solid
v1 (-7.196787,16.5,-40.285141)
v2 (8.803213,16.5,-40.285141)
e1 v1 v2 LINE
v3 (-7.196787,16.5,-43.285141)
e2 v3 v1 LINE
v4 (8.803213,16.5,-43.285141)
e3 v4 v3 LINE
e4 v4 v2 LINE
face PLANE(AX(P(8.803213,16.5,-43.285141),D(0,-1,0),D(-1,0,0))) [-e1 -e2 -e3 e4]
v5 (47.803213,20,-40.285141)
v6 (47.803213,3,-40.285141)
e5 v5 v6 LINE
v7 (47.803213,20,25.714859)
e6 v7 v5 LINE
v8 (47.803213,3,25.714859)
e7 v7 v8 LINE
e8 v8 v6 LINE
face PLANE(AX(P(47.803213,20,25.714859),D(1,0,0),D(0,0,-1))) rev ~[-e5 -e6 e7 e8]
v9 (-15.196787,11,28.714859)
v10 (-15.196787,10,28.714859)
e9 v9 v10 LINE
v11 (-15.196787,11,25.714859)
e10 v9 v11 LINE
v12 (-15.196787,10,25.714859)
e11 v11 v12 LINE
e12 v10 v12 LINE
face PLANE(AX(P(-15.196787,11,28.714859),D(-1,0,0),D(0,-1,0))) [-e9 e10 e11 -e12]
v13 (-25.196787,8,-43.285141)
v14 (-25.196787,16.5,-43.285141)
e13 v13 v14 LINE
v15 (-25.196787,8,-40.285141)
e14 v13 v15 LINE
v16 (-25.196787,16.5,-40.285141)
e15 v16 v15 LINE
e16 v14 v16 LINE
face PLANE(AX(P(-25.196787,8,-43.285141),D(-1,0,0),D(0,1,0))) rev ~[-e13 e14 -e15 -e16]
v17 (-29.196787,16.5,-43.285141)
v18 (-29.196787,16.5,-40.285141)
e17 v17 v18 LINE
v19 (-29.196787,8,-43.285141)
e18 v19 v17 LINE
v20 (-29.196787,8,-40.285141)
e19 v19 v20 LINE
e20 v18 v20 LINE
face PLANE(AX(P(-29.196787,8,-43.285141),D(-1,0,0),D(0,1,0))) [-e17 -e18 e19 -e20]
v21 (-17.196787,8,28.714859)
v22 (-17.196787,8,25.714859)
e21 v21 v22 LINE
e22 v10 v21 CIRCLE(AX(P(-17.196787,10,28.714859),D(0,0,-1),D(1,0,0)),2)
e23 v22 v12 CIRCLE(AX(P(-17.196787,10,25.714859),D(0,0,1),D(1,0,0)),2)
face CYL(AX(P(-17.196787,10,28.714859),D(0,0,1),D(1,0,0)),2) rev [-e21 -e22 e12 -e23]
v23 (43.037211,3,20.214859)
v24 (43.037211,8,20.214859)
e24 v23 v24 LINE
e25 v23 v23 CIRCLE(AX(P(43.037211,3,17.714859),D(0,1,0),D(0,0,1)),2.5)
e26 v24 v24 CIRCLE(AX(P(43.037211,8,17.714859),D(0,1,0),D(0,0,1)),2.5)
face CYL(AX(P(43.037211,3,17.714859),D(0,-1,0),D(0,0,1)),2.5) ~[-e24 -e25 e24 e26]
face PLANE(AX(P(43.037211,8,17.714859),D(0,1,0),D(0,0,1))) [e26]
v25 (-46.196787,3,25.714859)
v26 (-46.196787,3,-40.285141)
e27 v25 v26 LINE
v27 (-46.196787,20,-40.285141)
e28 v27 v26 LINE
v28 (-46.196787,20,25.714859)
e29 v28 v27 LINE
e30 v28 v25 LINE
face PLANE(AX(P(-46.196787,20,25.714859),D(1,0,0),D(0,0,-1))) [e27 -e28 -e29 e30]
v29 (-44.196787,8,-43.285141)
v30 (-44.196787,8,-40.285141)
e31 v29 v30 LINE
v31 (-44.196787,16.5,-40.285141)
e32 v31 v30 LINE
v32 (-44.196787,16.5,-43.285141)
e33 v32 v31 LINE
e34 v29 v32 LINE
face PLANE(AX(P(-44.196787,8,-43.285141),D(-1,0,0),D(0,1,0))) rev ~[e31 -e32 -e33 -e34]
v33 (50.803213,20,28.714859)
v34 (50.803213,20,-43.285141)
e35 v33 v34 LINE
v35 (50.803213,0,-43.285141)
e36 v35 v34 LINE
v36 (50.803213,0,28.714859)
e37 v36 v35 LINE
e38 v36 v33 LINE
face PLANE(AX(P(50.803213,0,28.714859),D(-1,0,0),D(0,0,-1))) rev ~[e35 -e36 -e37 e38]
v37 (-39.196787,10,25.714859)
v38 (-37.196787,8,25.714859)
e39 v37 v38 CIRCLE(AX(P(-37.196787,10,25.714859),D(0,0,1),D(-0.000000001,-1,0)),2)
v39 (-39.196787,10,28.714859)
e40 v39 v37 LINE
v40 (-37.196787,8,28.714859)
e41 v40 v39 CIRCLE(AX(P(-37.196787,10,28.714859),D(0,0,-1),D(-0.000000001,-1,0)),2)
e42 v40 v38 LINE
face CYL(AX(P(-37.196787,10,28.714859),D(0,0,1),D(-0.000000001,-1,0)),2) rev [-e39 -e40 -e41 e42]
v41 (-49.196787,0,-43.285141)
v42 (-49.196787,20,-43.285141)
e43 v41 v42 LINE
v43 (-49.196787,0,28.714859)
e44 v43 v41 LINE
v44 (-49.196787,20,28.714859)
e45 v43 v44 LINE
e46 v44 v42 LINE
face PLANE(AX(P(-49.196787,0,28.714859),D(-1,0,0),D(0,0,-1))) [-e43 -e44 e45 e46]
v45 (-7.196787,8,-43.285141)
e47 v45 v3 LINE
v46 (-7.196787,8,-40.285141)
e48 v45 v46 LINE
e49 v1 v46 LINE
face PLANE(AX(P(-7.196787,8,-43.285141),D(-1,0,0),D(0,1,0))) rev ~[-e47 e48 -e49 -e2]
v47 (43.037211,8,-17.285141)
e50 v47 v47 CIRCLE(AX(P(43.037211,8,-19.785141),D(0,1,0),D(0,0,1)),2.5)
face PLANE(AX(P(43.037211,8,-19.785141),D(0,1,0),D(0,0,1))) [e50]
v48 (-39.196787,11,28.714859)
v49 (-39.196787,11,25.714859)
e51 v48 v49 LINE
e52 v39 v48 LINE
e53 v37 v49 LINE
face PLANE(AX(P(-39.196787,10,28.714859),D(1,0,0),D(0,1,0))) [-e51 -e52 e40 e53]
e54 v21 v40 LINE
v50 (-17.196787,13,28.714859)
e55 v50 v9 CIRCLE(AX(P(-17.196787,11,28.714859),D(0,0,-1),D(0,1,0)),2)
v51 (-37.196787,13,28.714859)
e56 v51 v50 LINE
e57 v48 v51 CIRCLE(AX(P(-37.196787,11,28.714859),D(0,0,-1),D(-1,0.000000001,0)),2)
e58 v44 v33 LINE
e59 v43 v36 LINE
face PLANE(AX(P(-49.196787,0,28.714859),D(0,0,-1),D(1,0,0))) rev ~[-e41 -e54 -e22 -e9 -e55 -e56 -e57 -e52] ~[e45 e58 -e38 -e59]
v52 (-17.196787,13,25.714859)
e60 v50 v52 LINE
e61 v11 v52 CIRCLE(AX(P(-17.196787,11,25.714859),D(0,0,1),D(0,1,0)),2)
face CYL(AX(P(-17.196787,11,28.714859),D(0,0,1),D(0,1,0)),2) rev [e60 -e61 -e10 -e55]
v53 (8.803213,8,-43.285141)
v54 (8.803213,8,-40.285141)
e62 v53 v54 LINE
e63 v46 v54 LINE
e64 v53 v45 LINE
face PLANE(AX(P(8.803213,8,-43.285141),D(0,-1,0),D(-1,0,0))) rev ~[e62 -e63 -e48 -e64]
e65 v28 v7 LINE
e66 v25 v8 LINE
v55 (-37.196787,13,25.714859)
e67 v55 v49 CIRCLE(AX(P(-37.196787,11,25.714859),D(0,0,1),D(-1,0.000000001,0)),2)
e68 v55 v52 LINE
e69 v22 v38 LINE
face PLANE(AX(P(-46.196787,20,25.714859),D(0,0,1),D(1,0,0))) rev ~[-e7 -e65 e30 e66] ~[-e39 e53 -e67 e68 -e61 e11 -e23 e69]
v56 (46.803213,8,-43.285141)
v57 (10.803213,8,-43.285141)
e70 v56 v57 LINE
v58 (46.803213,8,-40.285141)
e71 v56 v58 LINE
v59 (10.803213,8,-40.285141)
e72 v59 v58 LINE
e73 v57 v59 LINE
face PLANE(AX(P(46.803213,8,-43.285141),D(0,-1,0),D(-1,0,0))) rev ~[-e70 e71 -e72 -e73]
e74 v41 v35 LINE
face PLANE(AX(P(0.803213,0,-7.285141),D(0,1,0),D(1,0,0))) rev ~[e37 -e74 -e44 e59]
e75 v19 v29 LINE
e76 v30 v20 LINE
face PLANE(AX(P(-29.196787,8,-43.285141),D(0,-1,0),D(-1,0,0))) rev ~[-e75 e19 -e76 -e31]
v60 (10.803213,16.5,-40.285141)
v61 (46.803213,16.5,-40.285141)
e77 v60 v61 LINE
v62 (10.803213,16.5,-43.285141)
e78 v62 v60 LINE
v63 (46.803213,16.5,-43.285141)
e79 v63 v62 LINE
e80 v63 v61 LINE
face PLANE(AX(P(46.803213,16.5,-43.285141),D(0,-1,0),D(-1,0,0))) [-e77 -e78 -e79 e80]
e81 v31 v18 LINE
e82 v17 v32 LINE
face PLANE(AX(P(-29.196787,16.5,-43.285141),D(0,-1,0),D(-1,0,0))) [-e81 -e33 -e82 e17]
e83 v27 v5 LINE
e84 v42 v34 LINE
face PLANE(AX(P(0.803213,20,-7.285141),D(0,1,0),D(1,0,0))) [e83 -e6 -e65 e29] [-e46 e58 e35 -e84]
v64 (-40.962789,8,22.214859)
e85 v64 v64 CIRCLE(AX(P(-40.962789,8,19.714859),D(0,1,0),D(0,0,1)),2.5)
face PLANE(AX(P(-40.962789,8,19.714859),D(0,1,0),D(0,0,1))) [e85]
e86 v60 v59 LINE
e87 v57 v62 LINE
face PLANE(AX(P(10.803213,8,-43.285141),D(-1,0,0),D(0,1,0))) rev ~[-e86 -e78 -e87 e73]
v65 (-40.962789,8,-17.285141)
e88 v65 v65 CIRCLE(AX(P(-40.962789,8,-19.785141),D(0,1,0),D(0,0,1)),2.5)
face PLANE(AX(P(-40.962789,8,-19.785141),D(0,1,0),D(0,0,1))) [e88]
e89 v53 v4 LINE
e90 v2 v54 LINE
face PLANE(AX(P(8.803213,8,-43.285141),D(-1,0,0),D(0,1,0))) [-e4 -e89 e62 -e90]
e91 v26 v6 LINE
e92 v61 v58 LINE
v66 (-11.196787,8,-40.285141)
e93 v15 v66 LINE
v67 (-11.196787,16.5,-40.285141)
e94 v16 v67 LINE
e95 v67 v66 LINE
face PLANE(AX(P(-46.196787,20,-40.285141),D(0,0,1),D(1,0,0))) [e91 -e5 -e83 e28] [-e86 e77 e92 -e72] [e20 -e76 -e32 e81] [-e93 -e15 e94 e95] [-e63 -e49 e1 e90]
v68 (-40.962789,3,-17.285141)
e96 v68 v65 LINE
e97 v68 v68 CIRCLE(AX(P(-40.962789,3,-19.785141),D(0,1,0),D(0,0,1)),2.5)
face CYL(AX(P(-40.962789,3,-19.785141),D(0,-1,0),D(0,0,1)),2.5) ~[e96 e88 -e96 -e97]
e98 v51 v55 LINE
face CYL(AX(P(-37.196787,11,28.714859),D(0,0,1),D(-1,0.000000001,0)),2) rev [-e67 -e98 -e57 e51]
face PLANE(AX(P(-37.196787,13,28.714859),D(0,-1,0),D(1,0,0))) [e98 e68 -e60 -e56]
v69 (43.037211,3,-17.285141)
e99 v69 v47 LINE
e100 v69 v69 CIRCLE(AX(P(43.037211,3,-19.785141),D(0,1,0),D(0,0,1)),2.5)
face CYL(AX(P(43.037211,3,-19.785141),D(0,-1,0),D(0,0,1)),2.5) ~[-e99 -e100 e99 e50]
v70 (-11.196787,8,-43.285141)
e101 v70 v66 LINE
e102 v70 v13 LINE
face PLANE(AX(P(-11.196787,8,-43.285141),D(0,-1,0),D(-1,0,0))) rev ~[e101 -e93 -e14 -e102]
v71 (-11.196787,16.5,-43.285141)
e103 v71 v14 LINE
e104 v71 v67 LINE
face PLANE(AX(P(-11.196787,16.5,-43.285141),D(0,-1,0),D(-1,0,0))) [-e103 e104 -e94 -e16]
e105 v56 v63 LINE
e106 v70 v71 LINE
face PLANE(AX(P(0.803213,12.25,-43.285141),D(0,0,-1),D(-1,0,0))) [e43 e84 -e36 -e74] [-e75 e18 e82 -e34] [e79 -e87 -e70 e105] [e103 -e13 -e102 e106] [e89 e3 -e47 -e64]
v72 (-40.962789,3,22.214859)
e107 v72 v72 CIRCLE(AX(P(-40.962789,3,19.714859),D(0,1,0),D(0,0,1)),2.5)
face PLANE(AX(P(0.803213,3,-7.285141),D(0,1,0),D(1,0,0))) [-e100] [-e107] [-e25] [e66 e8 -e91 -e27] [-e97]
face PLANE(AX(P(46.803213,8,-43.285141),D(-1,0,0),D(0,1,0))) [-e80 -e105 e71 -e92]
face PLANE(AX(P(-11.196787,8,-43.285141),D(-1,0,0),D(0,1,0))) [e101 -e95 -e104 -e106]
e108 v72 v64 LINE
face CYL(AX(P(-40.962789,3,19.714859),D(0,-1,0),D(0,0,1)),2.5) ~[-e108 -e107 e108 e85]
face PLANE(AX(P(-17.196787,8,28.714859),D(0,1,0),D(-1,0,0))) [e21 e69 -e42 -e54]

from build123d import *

# Parameters (mm, degrees)
SKETCH1_W           = 100
SKETCH1_H           = 72
BOSS_EXTRUDE1_DEPTH = 20
SKETCH2_W           = 94
SKETCH2_H           = 66
CUT_EXTRUDE1_DEPTH  = 17
SKETCH3_R           = 2.5
BOSS_EXTRUDE2_DEPTH = 5
SKETCH6_W           = 36
SKETCH6_H           = 8.5
SKETCH6_W_2         = 14
SKETCH6_W_3         = 16
SKETCH6_W_4         = 15
BOSS_EXTRUDE4_DEPTH = 12
SKETCH6_6_W         = 36
SKETCH6_6_H         = 8.5
SKETCH6_6_W_2       = 14
SKETCH6_6_W_3       = 16
SKETCH6_6_W_4       = 15
CUT_EXTRUDE2_DEPTH  = 18
CUT_EXTRUDE4_DEPTH  = 18


with BuildPart() as part:
    # Sketch1 → Boss-Extrude1 (new body)
    with BuildSketch(Plane(origin=(0, 0, 0), x_dir=(1, 0, 0), z_dir=(0, 1, 0))):
        with Locations((0.803212851, 7.285140562)):
            Rectangle(SKETCH1_W, SKETCH1_H)
    extrude(amount=BOSS_EXTRUDE1_DEPTH)

    # Sketch2 → Cut-Extrude1 (cut)
    with BuildSketch(Plane(origin=(0, 20, 0), x_dir=(1, 0, 0), z_dir=(0, 1, 0))):
        with Locations((0.803212851, 7.285140562)):
            Rectangle(SKETCH2_W, SKETCH2_H)
    extrude(amount=-CUT_EXTRUDE1_DEPTH, mode=Mode.SUBTRACT)

    # Sketch3 → Boss-Extrude2 (add)
    with BuildSketch(Plane(origin=(0, 3, 0), x_dir=(1, 0, 0), z_dir=(0, 1, 0))):
        with Locations((-40.962789341, -19.714859438)):
            Circle(SKETCH3_R)
        with Locations((-40.962789341, 19.785140562)):
            Circle(SKETCH3_R)
        with Locations((43.037210659, -17.714859438)):
            Circle(SKETCH3_R)
        with Locations((43.037210659, 19.785140562)):
            Circle(SKETCH3_R)
    extrude(amount=BOSS_EXTRUDE2_DEPTH)

    # Sketch6 → Boss-Extrude4 (add)
    with BuildSketch(Plane(origin=(0, 0, -43.285140562), x_dir=(-1, 0, 0), z_dir=(0, 0, -1))):
        with Locations((-28.803212851, 12.25)):
            Rectangle(SKETCH6_W, SKETCH6_H)
        with Locations((18.196787149, 12.25)):
            Rectangle(SKETCH6_W_2, SKETCH6_H)
        with Locations((-0.803212851, 12.25)):
            Rectangle(SKETCH6_W_3, SKETCH6_H)
        with Locations((36.696787149, 12.25)):
            Rectangle(SKETCH6_W_4, SKETCH6_H)
    extrude(amount=-BOSS_EXTRUDE4_DEPTH)

    # Sketch6<6> → Cut-Extrude2 (cut)
    with BuildSketch(Plane(origin=(0, 0, -43.285140562), x_dir=(-1, 0, 0), z_dir=(0, 0, -1))):
        with Locations((-28.803212851, 12.25)):
            Rectangle(SKETCH6_6_W, SKETCH6_6_H)
        with Locations((18.196787149, 12.25)):
            Rectangle(SKETCH6_6_W_2, SKETCH6_6_H)
        with Locations((-0.803212851, 12.25)):
            Rectangle(SKETCH6_6_W_3, SKETCH6_6_H)
        with Locations((36.696787149, 12.25)):
            Rectangle(SKETCH6_6_W_4, SKETCH6_6_H)
    extrude(amount=-CUT_EXTRUDE2_DEPTH, mode=Mode.SUBTRACT)

    # usb type-c → Cut-Extrude4 (cut)
    with BuildSketch(Plane.XY.offset(28.714859438)):
        with BuildLine():
            Line((-37.196787149, 13), (-17.196787149, 13))
            ThreePointArc((-17.196787149, 13), (-15.782573586, 12.414213562), (-15.196787149, 11))
            Line((-15.196787149, 11), (-15.196787149, 10))
            ThreePointArc((-15.196787149, 10), (-15.782573586, 8.585786438), (-17.196787149, 8))
            Line((-17.196787149, 8), (-37.196787149, 8))
            ThreePointArc((-37.196787149, 8), (-38.611000711, 8.585786438), (-39.196787149, 10))
            Line((-39.196787149, 10), (-39.196787149, 11))
            ThreePointArc((-39.196787149, 11), (-38.611000711, 12.414213562), (-37.196787149, 13))
        make_face()
    extrude(amount=-CUT_EXTRUDE4_DEPTH, mode=Mode.SUBTRACT)


solid = part.part
